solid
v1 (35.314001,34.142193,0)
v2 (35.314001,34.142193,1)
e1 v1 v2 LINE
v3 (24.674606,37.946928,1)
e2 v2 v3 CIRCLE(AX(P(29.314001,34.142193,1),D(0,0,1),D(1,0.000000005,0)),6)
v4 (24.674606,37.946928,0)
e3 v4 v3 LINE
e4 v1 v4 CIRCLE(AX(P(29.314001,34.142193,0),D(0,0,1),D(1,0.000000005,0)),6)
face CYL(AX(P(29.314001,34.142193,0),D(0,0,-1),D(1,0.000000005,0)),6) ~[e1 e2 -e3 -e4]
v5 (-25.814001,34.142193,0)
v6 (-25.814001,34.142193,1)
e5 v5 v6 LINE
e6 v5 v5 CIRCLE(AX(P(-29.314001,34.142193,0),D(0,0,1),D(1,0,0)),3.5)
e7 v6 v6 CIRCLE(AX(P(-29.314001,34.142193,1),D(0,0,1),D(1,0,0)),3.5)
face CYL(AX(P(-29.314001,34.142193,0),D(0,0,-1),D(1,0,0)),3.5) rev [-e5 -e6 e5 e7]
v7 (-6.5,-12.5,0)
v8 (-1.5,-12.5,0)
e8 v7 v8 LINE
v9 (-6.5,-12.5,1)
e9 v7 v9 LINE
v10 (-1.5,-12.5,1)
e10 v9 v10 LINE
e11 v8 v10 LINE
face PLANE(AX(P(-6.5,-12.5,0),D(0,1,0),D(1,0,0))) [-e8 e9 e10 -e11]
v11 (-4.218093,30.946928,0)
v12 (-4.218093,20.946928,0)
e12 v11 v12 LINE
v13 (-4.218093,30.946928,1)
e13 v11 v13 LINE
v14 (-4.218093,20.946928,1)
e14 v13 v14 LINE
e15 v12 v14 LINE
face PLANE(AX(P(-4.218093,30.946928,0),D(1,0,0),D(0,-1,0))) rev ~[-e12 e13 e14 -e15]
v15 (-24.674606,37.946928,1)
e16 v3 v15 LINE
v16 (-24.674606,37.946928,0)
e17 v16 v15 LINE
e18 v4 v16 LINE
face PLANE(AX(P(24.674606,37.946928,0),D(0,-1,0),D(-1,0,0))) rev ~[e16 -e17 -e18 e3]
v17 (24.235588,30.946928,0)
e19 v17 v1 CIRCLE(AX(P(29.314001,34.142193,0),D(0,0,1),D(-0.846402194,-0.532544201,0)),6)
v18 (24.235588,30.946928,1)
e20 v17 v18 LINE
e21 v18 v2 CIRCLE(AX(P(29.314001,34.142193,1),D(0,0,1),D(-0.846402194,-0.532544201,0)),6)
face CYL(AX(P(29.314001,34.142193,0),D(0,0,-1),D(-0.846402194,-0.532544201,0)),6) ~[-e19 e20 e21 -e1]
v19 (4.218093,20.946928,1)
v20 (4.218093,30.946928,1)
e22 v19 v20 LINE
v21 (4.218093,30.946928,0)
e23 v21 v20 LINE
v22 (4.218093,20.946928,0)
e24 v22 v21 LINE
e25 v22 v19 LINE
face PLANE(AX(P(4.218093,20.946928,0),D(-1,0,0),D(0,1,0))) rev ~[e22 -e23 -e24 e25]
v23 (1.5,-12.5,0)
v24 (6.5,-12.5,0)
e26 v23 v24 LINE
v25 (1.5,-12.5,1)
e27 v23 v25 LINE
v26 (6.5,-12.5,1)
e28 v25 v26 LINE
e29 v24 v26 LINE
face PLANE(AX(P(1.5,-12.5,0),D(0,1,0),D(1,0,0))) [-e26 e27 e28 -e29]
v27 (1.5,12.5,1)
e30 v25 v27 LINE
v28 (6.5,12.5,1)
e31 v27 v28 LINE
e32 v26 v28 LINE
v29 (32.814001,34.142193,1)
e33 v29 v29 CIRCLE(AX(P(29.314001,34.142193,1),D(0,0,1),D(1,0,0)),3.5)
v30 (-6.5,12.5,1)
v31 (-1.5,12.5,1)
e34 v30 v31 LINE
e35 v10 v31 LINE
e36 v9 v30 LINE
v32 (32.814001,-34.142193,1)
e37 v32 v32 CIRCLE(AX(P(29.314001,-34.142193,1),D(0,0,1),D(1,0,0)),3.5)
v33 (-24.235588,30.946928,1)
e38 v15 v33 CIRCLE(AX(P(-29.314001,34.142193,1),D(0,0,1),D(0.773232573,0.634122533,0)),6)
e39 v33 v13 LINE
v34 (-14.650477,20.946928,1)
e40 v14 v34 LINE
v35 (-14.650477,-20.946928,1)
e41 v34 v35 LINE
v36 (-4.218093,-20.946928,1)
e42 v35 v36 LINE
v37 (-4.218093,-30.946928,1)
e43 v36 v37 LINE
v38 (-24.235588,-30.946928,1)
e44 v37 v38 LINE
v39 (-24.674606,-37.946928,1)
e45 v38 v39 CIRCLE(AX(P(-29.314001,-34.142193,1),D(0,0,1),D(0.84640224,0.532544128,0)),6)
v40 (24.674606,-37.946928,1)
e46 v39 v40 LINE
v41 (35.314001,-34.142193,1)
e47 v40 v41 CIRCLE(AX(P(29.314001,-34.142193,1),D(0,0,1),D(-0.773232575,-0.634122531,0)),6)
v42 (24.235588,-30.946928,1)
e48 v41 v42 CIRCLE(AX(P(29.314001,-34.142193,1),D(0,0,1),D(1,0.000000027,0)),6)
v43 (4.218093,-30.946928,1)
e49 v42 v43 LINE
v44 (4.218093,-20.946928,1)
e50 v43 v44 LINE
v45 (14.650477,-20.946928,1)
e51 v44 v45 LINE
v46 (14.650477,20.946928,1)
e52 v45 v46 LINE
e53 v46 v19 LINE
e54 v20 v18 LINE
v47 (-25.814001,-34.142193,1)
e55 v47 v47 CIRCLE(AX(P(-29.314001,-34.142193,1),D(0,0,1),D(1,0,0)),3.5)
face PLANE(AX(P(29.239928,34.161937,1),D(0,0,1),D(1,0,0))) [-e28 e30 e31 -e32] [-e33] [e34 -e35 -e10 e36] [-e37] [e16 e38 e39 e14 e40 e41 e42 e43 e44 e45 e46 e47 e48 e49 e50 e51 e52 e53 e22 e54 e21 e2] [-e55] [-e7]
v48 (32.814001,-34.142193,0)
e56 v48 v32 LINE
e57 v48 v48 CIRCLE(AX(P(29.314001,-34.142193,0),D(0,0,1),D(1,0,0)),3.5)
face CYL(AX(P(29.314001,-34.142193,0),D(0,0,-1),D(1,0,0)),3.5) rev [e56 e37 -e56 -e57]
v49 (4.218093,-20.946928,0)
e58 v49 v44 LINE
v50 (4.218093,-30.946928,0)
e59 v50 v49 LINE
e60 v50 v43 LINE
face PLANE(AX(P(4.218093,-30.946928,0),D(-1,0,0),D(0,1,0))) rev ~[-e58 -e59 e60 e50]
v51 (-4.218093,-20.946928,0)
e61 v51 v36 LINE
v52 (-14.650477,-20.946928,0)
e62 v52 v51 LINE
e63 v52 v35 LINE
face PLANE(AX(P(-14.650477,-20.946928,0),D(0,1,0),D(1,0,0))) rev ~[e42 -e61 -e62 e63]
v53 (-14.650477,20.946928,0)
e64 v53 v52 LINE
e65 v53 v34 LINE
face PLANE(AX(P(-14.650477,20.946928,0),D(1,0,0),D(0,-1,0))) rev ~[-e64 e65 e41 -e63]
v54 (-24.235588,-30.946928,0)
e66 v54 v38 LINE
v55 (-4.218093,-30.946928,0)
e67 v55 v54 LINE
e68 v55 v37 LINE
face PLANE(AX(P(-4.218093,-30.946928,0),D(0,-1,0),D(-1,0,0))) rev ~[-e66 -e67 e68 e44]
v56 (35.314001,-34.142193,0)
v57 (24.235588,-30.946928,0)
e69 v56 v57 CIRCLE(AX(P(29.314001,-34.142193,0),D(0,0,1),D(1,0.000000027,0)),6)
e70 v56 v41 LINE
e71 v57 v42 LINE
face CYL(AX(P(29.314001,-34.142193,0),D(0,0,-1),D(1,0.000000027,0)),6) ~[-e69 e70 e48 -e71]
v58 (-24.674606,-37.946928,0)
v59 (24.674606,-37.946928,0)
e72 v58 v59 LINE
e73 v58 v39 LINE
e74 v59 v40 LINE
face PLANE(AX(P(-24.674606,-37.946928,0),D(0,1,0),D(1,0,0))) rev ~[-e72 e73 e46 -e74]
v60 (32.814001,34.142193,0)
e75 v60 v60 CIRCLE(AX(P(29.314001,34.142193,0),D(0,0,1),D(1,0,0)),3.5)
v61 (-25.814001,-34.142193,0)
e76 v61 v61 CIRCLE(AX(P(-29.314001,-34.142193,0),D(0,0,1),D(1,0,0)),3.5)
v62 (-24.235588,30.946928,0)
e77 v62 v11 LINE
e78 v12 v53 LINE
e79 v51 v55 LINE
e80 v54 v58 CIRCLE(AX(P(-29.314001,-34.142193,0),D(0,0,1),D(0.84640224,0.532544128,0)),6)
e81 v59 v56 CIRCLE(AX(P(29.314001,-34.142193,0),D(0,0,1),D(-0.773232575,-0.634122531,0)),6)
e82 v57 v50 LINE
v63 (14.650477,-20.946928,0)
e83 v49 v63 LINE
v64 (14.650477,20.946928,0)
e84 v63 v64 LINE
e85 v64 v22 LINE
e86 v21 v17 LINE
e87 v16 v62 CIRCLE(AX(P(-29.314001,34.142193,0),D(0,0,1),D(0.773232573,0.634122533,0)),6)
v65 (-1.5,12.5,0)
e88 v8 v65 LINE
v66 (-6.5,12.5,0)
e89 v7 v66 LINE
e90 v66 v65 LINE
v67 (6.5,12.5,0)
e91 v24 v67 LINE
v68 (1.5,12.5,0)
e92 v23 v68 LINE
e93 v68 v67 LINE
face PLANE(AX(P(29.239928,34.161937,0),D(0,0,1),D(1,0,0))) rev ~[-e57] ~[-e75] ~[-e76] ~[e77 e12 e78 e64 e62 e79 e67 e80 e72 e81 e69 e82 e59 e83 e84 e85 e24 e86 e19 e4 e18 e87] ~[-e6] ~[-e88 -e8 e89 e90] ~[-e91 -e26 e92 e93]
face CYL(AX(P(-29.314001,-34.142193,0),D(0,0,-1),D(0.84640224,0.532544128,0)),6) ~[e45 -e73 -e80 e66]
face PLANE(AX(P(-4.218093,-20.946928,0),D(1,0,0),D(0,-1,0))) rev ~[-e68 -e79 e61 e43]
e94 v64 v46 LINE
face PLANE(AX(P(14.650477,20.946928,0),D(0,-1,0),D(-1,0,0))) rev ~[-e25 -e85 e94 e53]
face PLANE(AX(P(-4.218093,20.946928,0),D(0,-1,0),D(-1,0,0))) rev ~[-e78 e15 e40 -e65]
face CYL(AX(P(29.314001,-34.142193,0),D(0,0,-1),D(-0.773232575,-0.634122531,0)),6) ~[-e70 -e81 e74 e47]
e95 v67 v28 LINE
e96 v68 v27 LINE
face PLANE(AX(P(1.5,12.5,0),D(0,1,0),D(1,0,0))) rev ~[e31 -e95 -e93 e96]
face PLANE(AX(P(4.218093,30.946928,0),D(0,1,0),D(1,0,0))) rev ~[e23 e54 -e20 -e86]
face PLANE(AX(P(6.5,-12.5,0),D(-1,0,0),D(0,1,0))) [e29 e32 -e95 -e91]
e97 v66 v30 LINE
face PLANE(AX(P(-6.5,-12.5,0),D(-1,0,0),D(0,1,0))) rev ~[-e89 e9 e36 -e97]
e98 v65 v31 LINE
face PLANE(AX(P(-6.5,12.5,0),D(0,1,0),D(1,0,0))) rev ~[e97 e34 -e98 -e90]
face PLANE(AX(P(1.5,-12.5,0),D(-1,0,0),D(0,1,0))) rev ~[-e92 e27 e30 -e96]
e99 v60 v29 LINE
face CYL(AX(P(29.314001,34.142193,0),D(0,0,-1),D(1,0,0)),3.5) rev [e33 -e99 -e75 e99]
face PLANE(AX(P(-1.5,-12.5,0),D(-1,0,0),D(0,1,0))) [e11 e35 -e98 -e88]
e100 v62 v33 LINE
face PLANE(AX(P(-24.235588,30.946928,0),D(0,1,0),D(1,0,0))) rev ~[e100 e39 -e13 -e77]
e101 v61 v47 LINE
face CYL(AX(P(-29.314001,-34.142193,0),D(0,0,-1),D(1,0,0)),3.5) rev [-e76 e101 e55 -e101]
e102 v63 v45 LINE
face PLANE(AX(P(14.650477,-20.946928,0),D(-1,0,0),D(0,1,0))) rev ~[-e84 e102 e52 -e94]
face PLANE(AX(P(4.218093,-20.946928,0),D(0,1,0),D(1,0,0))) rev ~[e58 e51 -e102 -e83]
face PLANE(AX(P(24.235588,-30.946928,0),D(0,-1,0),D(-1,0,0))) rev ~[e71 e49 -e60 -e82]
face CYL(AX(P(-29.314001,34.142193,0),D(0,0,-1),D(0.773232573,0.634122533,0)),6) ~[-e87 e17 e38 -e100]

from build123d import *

# Parameters (mm, degrees)
F0_R     = 3.5
F0_W     = 5
F0_H     = 25
F1_DEPTH = 1


with BuildPart() as f1:
    # F0 (on Top) → F1 (new body)
    with BuildSketch(Plane.XY):
        with BuildLine():
            ThreePointArc((24.235588, 30.946928), (30.976758, 28.377192), (35.314001, 34.142193))
            ThreePointArc((35.314001, 34.142193), (31.334351, 39.791811), (24.674606, 37.946928))
            ThreePointArc((24.674606, 37.946928), (23.325767, 34.517756), (24.235588, 30.946928))
        make_face()
        with Locations((29.314001, 34.142193)):
            Circle(F0_R, mode=Mode.SUBTRACT)
        with BuildLine():
            ThreePointArc((24.235588, 30.946928), (23.325767, 34.517756), (24.674606, 37.946928))
            Line((24.674606, 37.946928), (0, 37.946928))
            Line((0, 37.946928), (-24.674606, 37.946928))
            ThreePointArc((-24.674606, 37.946928), (-23.664383, 36.162543), (-23.314001, 34.142193))
            ThreePointArc((-23.314001, 34.142193), (-23.549, 32.479436), (-24.235588, 30.946928))
            Line((-24.235588, 30.946928), (-4.218093, 30.946928))
            Line((-4.218093, 30.946928), (-4.218093, 20.946928))
            Line((-4.218093, 20.946928), (-14.650477, 20.946928))
            Line((-14.650477, 20.946928), (-14.650477, 0))
            Line((-14.650477, 0), (-14.650477, -20.946928))
            Line((-14.650477, -20.946928), (-4.218093, -20.946928))
            Line((-4.218093, -20.946928), (-4.218093, -30.946928))
            Line((-4.218093, -30.946928), (-24.235588, -30.946928))
            ThreePointArc((-24.235588, -30.946928), (-23.549, -32.479436), (-23.314001, -34.142193))
            ThreePointArc((-23.314001, -34.142193), (-23.664383, -36.162543), (-24.674606, -37.946928))
            Line((-24.674606, -37.946928), (0, -37.946928))
            Line((0, -37.946928), (24.674606, -37.946928))
            ThreePointArc((24.674606, -37.946928), (23.325767, -34.517756), (24.235588, -30.946928))
            Line((24.235588, -30.946928), (4.218093, -30.946928))
            Line((4.218093, -30.946928), (4.218093, -20.946928))
            Line((4.218093, -20.946928), (14.650477, -20.946928))
            Line((14.650477, -20.946928), (14.650477, 0))
            Line((14.650477, 0), (14.650477, 20.946928))
            Line((14.650477, 20.946928), (4.218093, 20.946928))
            Line((4.218093, 20.946928), (4.218093, 30.946928))
            Line((4.218093, 30.946928), (24.235588, 30.946928))
        make_face()
        with Locations((-4, 0)):
            Rectangle(F0_W, F0_H, mode=Mode.SUBTRACT)
        with Locations((4, 0)):
            Rectangle(F0_W, F0_H, mode=Mode.SUBTRACT)
        with BuildLine():
            ThreePointArc((-23.314001, 34.142193), (-23.664383, 36.162543), (-24.674606, 37.946928))
            ThreePointArc((-24.674606, 37.946928), (-35.302236, 33.76663), (-24.235588, 30.946928))
            ThreePointArc((-24.235588, 30.946928), (-23.549, 32.479436), (-23.314001, 34.142193))
        make_face()
        with Locations((-29.314001, 34.142193)):
            Circle(F0_R, mode=Mode.SUBTRACT)
        with BuildLine():
            ThreePointArc((35.314001, -34.142193), (30.976758, -28.377192), (24.235588, -30.946928))
            ThreePointArc((24.235588, -30.946928), (23.325767, -34.517756), (24.674606, -37.946928))
            ThreePointArc((24.674606, -37.946928), (31.334351, -39.791811), (35.314001, -34.142193))
        make_face()
        with Locations((29.314001, -34.142193)):
            Circle(F0_R, mode=Mode.SUBTRACT)
        with BuildLine():
            ThreePointArc((-23.314001, -34.142193), (-23.549, -32.479436), (-24.235588, -30.946928))
            ThreePointArc((-24.235588, -30.946928), (-35.302236, -33.76663), (-24.674606, -37.946928))
            ThreePointArc((-24.674606, -37.946928), (-23.664383, -36.162543), (-23.314001, -34.142193))
        make_face()
        with Locations((-29.314001, -34.142193)):
            Circle(F0_R, mode=Mode.SUBTRACT)
    extrude(amount=F1_DEPTH)


solid = f1.part
